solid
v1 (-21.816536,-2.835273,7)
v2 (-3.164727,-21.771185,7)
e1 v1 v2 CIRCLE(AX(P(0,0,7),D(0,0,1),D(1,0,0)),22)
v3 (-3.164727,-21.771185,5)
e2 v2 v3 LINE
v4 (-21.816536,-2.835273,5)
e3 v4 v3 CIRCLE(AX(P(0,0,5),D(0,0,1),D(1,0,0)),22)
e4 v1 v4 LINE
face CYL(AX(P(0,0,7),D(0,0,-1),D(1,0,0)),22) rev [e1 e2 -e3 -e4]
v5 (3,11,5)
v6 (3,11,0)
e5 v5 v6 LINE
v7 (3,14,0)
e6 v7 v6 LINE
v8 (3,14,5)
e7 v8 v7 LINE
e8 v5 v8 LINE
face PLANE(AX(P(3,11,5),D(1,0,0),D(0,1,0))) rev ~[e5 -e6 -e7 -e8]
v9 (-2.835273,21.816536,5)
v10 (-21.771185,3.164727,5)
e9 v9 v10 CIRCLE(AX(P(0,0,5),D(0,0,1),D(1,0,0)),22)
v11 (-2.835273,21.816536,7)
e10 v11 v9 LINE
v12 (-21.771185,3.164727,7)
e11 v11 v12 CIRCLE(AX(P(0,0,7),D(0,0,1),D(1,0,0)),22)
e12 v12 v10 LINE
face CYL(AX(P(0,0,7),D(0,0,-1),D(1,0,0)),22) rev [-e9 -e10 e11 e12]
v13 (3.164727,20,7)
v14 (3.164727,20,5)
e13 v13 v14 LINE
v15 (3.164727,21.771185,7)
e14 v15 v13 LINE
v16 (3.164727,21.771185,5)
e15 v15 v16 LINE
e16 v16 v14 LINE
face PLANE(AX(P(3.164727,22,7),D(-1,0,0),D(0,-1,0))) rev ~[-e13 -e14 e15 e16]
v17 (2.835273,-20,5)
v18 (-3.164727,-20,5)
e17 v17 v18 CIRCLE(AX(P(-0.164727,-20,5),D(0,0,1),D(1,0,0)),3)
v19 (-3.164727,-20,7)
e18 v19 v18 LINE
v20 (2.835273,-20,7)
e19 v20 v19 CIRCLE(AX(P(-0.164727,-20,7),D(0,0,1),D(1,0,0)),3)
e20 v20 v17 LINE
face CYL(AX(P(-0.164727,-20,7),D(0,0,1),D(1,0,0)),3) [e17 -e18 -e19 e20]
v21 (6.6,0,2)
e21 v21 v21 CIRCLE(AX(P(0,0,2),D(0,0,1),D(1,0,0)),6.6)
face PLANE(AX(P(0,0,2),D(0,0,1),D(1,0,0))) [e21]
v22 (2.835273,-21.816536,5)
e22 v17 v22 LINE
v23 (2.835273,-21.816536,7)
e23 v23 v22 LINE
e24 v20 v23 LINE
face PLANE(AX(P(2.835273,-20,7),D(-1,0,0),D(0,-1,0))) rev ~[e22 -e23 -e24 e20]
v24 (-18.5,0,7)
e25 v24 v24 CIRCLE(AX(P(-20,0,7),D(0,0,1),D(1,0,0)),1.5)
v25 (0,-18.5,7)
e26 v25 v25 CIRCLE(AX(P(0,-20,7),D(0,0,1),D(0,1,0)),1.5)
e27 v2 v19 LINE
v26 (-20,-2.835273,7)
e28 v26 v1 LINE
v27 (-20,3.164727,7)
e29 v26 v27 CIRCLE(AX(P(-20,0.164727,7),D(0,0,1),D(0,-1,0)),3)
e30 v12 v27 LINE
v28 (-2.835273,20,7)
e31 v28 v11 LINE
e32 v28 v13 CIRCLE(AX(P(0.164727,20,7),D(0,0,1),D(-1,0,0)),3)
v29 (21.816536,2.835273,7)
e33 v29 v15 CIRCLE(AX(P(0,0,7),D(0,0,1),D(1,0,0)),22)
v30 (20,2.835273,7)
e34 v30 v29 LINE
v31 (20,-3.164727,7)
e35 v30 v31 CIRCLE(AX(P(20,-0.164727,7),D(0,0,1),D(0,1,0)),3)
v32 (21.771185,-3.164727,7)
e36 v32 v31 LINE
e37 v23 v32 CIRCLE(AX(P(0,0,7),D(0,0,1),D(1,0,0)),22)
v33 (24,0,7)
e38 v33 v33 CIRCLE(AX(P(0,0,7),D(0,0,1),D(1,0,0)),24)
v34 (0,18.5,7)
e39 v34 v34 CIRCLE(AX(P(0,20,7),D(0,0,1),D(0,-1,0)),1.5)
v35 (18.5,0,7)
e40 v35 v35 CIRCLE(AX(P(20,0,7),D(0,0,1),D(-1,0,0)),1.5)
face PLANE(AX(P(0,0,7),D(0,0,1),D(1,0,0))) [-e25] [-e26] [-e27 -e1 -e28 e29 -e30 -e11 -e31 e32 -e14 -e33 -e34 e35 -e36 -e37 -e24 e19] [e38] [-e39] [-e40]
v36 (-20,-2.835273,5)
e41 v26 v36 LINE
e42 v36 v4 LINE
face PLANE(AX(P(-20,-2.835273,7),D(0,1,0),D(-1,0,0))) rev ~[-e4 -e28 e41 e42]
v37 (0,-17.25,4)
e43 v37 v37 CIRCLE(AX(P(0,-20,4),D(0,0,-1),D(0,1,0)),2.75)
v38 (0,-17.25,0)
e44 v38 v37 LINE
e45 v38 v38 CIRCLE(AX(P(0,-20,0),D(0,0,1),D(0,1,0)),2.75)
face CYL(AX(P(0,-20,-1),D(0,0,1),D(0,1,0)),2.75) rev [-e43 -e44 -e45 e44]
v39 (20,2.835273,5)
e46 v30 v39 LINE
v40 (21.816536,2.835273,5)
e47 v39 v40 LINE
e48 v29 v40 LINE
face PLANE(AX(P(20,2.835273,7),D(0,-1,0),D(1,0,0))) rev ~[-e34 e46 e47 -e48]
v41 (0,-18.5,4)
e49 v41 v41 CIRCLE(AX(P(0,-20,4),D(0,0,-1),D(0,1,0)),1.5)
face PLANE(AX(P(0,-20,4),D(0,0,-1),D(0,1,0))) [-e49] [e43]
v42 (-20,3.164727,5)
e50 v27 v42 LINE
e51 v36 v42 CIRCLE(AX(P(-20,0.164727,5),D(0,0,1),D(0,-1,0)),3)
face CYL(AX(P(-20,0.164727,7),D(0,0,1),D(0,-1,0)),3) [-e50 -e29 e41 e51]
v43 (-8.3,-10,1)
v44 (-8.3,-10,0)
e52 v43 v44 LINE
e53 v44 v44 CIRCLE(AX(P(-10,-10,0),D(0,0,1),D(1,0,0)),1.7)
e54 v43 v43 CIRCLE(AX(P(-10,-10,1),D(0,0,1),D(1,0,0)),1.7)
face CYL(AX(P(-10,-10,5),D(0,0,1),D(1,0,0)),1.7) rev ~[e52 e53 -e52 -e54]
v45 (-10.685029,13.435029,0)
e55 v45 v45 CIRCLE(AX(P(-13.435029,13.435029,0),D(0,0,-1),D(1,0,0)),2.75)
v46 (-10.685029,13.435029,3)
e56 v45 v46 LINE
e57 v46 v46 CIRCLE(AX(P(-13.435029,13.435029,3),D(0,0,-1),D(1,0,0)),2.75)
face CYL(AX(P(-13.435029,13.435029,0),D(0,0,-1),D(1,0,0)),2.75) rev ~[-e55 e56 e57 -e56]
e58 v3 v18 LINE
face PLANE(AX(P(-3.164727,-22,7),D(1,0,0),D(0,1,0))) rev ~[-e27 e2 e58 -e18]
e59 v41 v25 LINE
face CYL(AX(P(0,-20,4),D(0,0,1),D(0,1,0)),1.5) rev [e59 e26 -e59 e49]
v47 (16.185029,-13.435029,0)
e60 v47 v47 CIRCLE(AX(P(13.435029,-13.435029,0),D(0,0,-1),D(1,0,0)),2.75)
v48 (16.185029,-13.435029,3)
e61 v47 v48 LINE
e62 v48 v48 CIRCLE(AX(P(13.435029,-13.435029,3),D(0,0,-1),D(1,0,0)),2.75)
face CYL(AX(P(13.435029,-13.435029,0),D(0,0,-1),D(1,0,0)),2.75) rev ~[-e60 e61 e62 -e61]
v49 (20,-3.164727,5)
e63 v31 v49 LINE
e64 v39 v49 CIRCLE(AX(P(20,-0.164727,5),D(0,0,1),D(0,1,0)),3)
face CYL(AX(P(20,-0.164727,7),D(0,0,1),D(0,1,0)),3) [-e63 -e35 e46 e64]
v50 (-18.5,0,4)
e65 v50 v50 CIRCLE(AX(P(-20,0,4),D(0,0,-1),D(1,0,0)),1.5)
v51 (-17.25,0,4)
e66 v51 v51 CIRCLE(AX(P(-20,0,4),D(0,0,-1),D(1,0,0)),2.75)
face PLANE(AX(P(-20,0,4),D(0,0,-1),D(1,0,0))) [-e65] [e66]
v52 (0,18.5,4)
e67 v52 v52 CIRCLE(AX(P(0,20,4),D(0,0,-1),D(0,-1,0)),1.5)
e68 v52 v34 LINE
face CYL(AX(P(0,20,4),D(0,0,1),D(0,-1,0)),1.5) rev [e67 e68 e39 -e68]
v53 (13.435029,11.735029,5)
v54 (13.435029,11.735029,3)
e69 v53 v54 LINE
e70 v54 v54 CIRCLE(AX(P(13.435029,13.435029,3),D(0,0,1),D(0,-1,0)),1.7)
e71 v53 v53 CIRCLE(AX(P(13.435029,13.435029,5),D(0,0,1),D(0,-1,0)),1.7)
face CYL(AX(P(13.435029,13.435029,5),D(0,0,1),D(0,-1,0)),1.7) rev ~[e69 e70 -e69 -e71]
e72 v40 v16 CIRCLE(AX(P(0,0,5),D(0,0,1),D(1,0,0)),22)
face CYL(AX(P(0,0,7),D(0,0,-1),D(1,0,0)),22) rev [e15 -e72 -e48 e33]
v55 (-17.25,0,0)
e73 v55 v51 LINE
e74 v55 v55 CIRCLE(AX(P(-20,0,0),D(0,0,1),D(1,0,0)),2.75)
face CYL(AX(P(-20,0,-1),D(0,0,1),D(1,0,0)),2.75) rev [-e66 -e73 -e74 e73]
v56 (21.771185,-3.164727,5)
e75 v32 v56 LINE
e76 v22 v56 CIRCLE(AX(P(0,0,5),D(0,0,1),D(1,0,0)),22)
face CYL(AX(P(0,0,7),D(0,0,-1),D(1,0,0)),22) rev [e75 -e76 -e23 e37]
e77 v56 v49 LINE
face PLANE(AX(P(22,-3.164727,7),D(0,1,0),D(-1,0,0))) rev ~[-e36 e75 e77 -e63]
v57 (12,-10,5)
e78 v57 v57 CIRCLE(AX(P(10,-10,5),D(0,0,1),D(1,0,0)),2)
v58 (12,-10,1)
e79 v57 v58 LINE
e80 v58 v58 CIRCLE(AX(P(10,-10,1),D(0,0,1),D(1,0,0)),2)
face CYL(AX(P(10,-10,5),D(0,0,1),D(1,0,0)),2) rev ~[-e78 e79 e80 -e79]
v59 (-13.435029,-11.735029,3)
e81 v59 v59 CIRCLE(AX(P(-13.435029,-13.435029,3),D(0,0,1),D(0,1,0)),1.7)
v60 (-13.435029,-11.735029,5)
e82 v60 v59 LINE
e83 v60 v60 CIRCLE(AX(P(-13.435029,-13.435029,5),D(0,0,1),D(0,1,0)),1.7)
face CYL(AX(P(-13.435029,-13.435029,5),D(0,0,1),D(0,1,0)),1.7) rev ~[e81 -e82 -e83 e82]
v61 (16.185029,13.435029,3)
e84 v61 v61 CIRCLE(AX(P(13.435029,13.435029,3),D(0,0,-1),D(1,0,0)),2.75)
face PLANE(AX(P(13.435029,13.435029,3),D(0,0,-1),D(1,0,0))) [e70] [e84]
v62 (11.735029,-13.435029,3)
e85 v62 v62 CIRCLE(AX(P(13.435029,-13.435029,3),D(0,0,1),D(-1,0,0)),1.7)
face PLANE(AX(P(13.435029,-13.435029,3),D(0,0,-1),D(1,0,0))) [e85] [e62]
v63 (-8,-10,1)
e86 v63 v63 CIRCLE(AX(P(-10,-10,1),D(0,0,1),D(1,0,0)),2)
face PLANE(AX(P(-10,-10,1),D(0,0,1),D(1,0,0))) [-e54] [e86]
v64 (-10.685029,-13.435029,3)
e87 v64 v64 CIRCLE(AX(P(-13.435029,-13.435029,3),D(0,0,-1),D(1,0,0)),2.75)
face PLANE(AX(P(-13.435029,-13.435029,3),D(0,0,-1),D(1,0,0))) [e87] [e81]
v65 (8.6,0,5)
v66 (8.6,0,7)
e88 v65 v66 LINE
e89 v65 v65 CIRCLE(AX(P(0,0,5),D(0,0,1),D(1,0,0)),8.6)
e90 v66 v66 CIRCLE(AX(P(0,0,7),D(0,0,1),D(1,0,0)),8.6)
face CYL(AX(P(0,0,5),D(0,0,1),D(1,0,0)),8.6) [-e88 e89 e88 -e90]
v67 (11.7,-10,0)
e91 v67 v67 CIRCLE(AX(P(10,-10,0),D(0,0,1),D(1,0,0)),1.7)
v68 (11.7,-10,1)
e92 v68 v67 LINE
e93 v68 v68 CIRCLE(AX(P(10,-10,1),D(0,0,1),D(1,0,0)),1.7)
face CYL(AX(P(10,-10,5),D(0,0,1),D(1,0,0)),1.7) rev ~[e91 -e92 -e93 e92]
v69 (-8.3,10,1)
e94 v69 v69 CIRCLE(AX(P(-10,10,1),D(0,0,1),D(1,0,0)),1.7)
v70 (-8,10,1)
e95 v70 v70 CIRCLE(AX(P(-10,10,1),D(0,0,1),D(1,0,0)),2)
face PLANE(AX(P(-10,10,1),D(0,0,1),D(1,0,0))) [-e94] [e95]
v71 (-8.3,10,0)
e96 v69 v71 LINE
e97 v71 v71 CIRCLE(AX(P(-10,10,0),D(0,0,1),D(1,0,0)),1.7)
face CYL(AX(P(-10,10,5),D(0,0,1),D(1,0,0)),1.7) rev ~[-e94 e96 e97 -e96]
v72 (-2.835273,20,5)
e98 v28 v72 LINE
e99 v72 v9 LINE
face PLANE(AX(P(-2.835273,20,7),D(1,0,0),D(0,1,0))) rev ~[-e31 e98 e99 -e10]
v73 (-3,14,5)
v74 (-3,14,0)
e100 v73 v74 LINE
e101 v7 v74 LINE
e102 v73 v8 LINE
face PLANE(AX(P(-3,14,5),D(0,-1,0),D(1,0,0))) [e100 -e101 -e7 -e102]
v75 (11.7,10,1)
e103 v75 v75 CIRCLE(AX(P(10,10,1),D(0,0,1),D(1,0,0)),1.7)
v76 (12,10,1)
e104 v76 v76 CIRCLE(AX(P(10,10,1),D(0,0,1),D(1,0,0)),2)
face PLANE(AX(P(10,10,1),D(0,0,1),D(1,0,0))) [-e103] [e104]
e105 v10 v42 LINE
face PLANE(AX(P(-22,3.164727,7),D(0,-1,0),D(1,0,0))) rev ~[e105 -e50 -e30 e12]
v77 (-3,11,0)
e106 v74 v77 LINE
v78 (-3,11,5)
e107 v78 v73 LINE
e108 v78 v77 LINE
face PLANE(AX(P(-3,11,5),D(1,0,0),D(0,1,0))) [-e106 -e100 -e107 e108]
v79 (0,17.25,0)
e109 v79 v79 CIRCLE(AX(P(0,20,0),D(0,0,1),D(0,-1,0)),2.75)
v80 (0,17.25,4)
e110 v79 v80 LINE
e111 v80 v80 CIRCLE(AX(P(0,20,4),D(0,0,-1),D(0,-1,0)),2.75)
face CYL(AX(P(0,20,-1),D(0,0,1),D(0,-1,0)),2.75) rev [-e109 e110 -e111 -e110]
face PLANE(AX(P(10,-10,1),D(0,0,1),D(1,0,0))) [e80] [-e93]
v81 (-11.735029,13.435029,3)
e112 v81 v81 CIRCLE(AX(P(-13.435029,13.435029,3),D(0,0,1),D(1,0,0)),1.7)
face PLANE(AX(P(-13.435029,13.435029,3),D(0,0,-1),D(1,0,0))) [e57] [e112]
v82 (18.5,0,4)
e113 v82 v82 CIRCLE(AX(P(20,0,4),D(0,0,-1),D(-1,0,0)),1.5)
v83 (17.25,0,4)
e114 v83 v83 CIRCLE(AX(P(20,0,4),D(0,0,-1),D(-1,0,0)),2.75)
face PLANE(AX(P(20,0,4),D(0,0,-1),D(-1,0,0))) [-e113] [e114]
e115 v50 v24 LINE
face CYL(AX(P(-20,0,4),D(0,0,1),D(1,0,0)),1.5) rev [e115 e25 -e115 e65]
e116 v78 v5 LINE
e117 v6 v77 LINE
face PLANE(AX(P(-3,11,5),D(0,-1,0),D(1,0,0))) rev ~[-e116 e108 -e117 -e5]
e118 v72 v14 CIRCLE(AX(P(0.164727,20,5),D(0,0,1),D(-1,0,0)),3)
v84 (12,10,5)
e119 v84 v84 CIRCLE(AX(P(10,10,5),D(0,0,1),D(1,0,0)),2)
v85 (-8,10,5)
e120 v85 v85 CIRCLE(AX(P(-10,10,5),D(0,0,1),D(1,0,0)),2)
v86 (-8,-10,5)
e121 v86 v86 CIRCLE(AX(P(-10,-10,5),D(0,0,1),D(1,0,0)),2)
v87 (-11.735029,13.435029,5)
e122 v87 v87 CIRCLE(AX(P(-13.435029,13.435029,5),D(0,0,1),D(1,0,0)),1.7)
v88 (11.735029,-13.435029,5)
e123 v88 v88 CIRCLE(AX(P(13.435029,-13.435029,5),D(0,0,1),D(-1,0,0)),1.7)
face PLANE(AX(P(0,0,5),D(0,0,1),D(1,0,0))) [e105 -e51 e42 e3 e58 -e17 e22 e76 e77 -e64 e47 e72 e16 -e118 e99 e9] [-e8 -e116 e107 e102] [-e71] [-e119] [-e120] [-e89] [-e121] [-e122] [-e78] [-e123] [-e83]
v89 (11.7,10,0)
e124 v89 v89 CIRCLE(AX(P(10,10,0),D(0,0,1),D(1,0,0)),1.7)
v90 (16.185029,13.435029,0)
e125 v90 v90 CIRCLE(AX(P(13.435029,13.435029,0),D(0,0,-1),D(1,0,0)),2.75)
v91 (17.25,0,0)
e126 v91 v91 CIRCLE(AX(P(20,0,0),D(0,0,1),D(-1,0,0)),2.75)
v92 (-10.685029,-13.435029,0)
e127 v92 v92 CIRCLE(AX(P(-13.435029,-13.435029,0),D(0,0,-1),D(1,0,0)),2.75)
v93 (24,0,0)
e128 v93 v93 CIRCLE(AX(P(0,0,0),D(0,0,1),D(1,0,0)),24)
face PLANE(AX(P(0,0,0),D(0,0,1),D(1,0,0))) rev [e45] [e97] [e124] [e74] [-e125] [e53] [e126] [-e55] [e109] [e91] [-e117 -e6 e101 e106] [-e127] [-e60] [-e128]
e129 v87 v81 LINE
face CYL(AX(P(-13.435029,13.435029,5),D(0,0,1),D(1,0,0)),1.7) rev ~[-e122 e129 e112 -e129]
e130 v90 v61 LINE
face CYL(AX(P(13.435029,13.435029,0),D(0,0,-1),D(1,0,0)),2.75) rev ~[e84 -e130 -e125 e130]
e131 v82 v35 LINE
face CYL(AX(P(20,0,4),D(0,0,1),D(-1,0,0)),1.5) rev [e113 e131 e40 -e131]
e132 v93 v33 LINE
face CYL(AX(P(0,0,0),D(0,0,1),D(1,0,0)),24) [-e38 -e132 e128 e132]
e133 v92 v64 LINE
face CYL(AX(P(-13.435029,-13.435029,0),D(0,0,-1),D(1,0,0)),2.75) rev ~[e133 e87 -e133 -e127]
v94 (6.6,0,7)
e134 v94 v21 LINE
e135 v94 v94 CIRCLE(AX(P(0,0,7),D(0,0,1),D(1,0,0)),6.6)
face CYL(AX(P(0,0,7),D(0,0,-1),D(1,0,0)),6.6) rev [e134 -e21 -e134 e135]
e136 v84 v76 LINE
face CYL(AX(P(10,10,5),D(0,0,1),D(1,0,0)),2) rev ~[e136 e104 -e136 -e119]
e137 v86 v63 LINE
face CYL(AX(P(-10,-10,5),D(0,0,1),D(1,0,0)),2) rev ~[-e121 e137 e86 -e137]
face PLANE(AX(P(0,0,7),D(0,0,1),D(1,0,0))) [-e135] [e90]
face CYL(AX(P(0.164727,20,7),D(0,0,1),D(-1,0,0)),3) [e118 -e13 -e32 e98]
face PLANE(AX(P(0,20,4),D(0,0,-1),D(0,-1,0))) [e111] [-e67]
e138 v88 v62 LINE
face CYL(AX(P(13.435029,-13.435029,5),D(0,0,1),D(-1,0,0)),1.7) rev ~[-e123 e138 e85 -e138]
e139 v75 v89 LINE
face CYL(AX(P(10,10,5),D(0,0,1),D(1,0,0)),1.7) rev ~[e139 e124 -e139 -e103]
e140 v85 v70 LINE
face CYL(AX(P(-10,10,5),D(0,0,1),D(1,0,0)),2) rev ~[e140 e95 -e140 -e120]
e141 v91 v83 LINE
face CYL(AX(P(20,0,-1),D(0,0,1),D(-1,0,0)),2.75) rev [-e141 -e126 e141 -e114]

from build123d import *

# Parameters (mm, degrees)
REVOLVE_ONTO_SKETCH002_ROLL_ANGLE = 90
ARRAY_COUNT                       = 4
PAD_DEPTH                         = 2
POLARPATTERN_COUNT                = 4
SKETCH005_R                       = 1.7
POCKET_DEPTH                      = 141.485431
POLARPATTERN001_COUNT             = 4
SKETCH006_R                       = 1.7
POCKET001_DEPTH                   = 5.001
SKETCH007_R                       = 2
POCKET002_DEPTH                   = 4
SKETCH008_R                       = 2.75
POCKET003_DEPTH                   = 3
SKETCH009_W                       = 6
SKETCH009_H                       = 3
POCKET004_DEPTH                   = 5.001


with BuildPart() as array:
    # Sketch002 as drawn → Revolve (revolve)
    with BuildSketch(Plane.XY):
        Polygon((17.25, -1), (17.25, 4), (18.5, 4), (18.5, 8), (20, 8), (20, -1), align=None)
    revolve(axis=Axis((20, 8, 0), (0, -1, 0)))


with BuildPart() as array_1:
    # Revolve onto Sketch002 roll: moved
    add(array.part.rotate(Axis((0, 0, 0), (1, 0, 0)), REVOLVE_ONTO_SKETCH002_ROLL_ANGLE))


with BuildPart() as array_2:
    # Revolve onto Sketch002 placement: moved
    add(array_1.part)

    # Array: Array ×4 about axis
    array_axis = Axis((0, 0, 0), (0, 0, 1))


with BuildPart() as array_3:
    add(array_2.part)
    for i in range(1, ARRAY_COUNT):
        add(array_2.part.rotate(array_axis, i * 360 / ARRAY_COUNT))


with BuildPart() as pocket004:
    # Sketch → Revolution (revolve)
    with BuildSketch(Plane.XZ):
        Polygon((0, 0), (24, 0), (24, 7), (22, 7), (22, 5), (8.6, 5), (8.6, 7), (6.6, 7), (6.6, 2), (0, 2), align=None)
    revolve(axis=Axis((0, 0, 0), (0, 0, 1)))

    # Sketch004 → Pad (new body)
    with BuildSketch(Plane(origin=(0, 0, 7), x_dir=(-1, 0, 0), z_dir=(0, 0, 1))):
        with BuildLine():
            Line((-22, 3.164727), (-20, 3.164727))
            ThreePointArc((-20, -2.835273), (-17, 0.164727), (-20, 3.164727))
            Line((-20, -2.835273), (-22, -2.835273))
            Line((-22, -2.835273), (-22, 3.164727))
        make_face()
    pad = extrude(amount=-PAD_DEPTH)

    # PolarPattern: Pad ×4 about axis
    polarpattern_axis = Axis((0, 0, 7), (0, 0, 1))
    for i in range(1, POLARPATTERN_COUNT):
        add(pad.rotate(polarpattern_axis, i * 360 / POLARPATTERN_COUNT))

    # Cut: cut Array
    add(array_3.part, mode=Mode.SUBTRACT)

    # Sketch005 → Pocket (cut, through all)
    with BuildSketch(Plane.XY.offset(5)):
        with Locations((-13.435029, 13.435029)):
            Circle(SKETCH005_R)
    pocket = extrude(amount=-POCKET_DEPTH, mode=Mode.SUBTRACT)

    # PolarPattern001: Pocket ×4 about axis
    polarpattern001_axis = Axis((0, 0, 5), (0, 0, 1))
    for i in range(1, POLARPATTERN001_COUNT):
        add(pocket.rotate(polarpattern001_axis, i * 360 / POLARPATTERN001_COUNT), mode=Mode.SUBTRACT)

    # Sketch006 → Pocket001 (cut, through all)
    with BuildSketch(Plane.XY.offset(5)):
        with Locations((10, 10)):
            Circle(SKETCH006_R)
        with Locations((-10, 10)):
            Circle(SKETCH006_R)
        with Locations((-10, -10)):
            Circle(SKETCH006_R)
        with Locations((10, -10)):
            Circle(SKETCH006_R)
    extrude(amount=-POCKET001_DEPTH, mode=Mode.SUBTRACT)

    # Sketch007 → Pocket002 (cut)
    with BuildSketch(Plane.XY.offset(5)):
        with Locations((-10, -10)):
            Circle(SKETCH007_R)
        with Locations((10, -10)):
            Circle(SKETCH007_R)
        with Locations((10, 10)):
            Circle(SKETCH007_R)
        with Locations((-10, 10)):
            Circle(SKETCH007_R)
    extrude(amount=-POCKET002_DEPTH, mode=Mode.SUBTRACT)

    # Sketch008 → Pocket003 (cut)
    with BuildSketch(Plane(origin=(0, 0, 0), x_dir=(1, 0, 0), z_dir=(0, 0, -1))):
        with Locations((-13.435029, 13.435029)):
            Circle(SKETCH008_R)
        with Locations((-13.435029, -13.435029)):
            Circle(SKETCH008_R)
        with Locations((13.435029, -13.435029)):
            Circle(SKETCH008_R)
        with Locations((13.435029, 13.435029)):
            Circle(SKETCH008_R)
    extrude(amount=-POCKET003_DEPTH, mode=Mode.SUBTRACT)

    # Sketch009 → Pocket004 (cut, through all)
    with BuildSketch(Plane.XY.offset(5)):
        with Locations((0, 12.5)):
            Rectangle(SKETCH009_W, SKETCH009_H)
    extrude(amount=-POCKET004_DEPTH, mode=Mode.SUBTRACT)


solid = pocket004.part
